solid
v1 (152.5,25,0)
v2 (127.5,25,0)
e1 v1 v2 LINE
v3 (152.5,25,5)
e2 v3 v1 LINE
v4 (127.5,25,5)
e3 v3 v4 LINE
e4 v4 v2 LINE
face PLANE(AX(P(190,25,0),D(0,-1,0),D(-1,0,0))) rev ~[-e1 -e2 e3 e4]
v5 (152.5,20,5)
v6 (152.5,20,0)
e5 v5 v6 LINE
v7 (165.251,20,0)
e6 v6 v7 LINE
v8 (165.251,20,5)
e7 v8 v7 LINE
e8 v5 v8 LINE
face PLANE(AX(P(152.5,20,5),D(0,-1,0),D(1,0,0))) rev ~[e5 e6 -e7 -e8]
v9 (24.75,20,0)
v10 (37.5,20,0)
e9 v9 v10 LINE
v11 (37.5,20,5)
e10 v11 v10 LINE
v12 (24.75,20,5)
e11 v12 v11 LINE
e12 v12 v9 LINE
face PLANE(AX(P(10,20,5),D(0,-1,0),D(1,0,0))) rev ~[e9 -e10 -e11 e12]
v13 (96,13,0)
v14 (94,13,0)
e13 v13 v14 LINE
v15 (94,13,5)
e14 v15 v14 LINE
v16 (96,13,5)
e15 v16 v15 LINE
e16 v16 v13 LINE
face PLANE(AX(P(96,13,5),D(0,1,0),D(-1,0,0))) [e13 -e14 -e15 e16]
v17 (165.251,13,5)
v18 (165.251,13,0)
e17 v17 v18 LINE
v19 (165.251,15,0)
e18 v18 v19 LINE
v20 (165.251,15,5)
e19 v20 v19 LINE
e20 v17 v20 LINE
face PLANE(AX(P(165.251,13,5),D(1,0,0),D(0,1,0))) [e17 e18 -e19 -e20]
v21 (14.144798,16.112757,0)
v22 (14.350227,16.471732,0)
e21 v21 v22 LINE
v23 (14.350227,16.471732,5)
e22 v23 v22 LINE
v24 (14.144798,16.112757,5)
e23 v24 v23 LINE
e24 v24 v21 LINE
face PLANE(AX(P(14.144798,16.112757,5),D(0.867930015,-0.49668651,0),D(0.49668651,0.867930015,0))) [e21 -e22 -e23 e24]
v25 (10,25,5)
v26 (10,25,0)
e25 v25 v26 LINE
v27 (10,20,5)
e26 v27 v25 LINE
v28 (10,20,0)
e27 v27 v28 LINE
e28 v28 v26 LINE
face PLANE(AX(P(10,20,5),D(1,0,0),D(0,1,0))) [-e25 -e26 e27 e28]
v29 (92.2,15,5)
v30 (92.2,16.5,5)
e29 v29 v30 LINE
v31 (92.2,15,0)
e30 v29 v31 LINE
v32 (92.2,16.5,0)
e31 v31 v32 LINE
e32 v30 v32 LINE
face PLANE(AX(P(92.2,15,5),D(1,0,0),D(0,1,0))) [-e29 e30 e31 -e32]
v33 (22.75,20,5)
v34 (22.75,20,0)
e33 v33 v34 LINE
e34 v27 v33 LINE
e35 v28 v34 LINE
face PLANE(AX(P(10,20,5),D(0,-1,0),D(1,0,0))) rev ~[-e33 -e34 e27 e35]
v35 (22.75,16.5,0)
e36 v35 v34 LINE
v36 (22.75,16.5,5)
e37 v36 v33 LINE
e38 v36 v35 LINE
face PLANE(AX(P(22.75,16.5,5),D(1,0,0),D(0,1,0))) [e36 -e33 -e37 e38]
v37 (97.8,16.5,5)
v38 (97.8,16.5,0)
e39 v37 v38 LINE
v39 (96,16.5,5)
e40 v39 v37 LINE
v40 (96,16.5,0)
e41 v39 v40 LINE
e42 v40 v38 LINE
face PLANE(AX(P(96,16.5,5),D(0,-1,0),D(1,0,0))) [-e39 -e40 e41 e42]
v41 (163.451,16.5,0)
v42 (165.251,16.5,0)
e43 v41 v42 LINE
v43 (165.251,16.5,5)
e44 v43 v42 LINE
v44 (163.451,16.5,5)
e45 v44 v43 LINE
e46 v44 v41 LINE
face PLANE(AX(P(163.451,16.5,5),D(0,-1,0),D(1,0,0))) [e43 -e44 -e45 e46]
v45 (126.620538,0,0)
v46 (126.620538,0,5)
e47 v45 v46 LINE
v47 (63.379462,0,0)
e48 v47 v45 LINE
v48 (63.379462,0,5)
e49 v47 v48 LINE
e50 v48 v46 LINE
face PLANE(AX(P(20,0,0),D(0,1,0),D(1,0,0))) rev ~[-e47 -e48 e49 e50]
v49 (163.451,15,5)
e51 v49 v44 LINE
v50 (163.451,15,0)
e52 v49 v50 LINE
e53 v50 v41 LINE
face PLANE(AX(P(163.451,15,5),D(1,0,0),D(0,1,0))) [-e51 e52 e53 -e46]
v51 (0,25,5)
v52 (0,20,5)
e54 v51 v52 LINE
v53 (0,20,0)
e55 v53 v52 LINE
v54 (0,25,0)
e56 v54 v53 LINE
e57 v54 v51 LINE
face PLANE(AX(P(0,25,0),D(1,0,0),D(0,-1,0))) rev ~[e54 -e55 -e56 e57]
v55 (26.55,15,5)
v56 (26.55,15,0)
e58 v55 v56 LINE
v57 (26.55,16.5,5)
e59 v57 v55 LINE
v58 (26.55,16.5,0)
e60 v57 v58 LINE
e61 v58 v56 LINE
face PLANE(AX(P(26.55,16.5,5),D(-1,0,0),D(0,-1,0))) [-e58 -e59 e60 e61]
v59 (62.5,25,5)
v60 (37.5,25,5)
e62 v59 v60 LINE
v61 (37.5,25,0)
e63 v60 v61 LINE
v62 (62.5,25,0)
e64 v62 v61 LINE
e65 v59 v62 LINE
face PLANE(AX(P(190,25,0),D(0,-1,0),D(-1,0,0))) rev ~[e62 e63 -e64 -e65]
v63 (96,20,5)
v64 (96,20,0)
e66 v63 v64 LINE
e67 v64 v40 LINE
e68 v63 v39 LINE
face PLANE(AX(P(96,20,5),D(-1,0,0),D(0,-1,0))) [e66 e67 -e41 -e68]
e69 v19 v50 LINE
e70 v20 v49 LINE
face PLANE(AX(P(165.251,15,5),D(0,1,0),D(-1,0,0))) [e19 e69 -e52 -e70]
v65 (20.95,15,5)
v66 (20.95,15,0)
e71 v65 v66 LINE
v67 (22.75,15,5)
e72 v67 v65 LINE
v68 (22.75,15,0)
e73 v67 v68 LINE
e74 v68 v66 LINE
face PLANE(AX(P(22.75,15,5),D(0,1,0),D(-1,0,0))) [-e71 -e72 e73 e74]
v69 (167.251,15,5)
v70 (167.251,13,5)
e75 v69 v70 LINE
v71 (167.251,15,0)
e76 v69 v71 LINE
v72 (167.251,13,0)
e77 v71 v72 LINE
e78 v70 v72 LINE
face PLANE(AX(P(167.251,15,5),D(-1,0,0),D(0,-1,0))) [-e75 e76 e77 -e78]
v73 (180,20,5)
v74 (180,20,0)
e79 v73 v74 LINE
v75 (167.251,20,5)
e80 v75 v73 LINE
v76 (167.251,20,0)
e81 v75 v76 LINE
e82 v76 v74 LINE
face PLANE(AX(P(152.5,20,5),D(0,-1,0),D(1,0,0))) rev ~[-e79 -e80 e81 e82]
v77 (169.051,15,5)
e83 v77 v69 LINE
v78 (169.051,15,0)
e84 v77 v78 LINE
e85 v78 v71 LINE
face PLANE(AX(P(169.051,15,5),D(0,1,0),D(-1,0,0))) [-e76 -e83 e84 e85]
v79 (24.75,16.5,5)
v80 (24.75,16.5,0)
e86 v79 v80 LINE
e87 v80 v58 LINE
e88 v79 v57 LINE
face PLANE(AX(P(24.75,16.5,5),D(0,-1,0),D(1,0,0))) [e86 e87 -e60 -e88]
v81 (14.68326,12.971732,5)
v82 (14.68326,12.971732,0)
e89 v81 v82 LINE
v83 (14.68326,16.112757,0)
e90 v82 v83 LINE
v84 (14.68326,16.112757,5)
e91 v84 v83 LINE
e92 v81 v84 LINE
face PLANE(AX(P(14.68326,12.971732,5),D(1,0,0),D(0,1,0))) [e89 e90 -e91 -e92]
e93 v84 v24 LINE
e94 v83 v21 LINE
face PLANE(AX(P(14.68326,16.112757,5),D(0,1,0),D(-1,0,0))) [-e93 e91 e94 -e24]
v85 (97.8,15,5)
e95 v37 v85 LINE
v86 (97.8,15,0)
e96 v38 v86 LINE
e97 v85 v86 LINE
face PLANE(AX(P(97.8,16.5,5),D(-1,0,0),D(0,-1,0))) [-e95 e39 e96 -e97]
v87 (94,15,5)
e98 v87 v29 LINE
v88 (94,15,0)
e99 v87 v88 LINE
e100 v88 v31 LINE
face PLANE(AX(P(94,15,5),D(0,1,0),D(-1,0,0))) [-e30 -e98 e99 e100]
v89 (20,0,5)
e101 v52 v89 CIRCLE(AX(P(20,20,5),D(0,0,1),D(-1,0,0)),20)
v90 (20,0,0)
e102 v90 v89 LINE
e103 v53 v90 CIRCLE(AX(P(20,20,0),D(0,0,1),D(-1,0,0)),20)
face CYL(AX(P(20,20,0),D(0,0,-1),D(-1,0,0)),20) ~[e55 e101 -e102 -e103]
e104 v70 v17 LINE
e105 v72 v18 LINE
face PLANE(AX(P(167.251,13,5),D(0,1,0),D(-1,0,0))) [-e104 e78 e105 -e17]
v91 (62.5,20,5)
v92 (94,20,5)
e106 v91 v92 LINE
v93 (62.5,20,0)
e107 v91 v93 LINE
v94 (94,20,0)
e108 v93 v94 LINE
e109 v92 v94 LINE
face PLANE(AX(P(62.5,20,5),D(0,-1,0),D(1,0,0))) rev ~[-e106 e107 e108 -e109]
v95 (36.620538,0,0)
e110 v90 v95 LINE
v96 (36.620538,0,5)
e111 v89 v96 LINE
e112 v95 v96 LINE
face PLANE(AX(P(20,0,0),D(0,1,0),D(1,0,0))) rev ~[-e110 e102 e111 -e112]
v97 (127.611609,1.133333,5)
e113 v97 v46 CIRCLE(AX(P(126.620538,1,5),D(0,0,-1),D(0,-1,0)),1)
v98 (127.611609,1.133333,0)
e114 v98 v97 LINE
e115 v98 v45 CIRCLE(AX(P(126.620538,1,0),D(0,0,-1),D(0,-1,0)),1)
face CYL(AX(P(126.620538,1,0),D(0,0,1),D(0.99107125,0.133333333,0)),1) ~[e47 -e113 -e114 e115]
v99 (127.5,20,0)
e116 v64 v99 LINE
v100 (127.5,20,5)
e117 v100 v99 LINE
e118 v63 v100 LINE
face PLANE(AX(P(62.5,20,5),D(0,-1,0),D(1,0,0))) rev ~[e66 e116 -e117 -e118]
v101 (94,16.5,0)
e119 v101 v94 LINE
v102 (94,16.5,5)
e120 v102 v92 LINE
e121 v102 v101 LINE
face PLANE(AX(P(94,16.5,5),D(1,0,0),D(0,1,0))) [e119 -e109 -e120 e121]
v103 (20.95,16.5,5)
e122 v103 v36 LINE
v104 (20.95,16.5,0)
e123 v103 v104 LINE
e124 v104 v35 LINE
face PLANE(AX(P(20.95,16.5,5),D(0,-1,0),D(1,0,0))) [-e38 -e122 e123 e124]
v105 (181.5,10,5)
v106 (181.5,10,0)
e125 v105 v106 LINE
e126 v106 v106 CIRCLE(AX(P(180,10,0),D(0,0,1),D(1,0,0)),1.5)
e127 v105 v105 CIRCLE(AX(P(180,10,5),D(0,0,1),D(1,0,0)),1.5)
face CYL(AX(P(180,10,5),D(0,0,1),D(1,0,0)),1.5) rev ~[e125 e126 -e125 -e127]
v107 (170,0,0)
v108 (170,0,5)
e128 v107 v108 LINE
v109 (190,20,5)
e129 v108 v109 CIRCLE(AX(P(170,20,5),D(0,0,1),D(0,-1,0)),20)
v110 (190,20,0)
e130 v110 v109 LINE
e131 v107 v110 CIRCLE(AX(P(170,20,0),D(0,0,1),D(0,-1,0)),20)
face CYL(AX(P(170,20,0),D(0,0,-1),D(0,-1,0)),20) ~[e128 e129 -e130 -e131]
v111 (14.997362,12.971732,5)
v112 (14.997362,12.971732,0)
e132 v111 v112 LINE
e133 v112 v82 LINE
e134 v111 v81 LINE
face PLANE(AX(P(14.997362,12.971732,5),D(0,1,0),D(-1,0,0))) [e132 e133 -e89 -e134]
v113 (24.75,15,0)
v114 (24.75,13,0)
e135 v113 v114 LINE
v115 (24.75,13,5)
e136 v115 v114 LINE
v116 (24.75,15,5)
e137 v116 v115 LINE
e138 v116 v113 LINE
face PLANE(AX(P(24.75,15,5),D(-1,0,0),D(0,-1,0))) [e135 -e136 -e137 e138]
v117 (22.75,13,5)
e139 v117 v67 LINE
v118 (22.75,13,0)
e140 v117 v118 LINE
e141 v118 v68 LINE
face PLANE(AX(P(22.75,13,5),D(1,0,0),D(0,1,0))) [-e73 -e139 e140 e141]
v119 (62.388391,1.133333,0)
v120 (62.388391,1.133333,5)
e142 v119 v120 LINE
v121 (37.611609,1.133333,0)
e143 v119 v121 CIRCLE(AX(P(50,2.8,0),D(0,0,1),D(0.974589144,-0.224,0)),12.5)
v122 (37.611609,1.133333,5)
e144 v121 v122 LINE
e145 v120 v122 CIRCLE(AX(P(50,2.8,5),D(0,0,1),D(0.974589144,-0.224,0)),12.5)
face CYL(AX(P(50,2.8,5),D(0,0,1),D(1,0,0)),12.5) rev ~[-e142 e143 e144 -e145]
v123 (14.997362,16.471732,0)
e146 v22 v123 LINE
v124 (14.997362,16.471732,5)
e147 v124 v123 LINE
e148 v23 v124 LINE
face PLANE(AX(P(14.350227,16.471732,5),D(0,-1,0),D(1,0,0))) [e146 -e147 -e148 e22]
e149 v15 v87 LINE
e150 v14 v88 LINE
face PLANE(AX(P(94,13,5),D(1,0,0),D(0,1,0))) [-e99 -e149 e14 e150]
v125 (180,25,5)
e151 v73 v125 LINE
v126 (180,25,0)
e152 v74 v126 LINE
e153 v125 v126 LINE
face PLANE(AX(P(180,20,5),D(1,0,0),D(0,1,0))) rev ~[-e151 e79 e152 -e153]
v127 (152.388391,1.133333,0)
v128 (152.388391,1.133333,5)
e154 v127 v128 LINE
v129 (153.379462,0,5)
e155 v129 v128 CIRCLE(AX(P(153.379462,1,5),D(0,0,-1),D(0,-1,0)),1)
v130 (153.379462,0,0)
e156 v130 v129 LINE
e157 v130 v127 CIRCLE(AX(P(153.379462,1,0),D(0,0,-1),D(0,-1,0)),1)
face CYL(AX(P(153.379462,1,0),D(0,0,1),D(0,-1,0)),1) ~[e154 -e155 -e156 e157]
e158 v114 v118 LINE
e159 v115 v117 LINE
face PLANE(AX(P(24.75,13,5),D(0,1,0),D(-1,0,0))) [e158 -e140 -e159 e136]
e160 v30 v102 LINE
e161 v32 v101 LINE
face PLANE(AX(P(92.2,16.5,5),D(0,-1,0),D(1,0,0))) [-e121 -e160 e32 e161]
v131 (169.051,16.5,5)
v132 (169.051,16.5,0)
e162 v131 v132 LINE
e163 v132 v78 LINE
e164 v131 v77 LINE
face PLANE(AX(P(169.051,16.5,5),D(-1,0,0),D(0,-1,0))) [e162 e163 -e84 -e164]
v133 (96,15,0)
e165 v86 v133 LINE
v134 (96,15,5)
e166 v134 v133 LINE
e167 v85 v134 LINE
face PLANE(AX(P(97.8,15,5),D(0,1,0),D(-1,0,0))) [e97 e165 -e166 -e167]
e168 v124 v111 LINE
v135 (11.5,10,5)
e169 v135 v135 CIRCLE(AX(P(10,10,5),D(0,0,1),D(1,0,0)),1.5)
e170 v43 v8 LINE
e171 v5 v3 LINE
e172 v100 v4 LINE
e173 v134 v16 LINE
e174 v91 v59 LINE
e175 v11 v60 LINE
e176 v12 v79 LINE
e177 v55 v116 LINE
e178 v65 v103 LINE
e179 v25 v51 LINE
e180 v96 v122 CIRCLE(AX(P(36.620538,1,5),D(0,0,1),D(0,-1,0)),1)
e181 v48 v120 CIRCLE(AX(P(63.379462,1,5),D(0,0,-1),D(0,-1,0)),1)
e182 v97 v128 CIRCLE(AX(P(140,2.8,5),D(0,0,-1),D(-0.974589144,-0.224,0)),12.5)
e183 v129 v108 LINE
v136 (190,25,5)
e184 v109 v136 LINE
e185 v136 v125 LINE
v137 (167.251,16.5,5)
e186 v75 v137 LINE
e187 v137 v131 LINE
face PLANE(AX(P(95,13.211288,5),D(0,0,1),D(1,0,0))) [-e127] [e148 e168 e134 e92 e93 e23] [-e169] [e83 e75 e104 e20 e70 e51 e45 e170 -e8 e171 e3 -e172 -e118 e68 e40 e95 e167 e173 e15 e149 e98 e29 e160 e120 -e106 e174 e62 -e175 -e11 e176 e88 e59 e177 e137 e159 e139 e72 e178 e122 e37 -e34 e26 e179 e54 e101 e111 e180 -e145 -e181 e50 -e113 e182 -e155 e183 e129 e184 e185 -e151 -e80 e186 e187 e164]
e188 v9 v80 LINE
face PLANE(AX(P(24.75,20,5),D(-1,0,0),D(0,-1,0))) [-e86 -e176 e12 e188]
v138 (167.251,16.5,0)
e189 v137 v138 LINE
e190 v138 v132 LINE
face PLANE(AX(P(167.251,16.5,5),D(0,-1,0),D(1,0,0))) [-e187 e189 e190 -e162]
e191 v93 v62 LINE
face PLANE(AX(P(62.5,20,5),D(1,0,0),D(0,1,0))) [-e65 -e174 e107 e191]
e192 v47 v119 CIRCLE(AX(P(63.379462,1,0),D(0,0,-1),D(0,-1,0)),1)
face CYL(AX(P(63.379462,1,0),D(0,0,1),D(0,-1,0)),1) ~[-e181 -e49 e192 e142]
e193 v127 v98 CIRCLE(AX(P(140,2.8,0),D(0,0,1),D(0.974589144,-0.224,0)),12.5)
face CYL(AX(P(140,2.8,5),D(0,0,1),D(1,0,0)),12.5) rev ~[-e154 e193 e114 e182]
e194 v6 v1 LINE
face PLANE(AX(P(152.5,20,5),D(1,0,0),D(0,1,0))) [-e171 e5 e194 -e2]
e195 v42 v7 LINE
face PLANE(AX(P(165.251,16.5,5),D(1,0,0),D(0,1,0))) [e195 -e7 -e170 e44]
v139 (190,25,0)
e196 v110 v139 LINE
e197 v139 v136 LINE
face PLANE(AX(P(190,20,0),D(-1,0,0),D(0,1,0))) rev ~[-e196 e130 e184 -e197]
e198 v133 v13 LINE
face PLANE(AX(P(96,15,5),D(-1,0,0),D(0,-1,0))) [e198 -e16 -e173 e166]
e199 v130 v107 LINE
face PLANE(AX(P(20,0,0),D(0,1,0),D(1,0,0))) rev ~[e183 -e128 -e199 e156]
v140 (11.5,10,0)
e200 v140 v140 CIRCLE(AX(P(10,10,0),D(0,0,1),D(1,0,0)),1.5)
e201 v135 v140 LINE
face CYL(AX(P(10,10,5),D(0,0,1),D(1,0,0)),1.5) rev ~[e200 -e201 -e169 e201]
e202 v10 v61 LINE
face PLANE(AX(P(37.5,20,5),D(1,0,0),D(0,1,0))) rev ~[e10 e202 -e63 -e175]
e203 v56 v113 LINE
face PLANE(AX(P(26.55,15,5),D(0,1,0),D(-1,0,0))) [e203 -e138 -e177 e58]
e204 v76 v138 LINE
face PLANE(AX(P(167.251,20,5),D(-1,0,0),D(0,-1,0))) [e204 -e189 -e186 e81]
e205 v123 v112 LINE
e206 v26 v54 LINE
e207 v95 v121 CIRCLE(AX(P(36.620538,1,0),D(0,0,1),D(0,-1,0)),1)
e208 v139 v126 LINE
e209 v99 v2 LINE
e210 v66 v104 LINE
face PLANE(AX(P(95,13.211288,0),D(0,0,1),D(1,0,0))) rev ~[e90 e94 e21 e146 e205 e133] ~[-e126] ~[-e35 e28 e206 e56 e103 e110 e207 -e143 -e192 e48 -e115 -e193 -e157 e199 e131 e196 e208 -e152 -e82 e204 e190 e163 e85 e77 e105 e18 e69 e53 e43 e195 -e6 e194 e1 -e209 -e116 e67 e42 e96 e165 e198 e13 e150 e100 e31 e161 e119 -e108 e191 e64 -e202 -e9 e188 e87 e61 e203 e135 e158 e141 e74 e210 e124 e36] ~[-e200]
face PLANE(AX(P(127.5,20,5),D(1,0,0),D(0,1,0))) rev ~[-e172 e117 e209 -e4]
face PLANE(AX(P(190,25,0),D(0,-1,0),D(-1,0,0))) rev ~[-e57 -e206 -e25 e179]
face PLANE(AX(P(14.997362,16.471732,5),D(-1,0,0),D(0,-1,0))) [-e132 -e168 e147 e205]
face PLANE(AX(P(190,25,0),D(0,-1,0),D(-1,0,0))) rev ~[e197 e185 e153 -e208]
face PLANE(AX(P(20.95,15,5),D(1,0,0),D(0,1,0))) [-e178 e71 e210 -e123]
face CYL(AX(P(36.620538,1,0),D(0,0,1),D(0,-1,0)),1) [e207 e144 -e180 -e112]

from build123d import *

# Parameters (mm, degrees)
RESSALTO_EXTRUS_O1_DEPTH = 5
ESBO_O2_R                = 12.5
CORTE_EXTRUS_O1_DEPTH    = 10
FILETE2_R                = 1
ESBO_O3_W                = 27.5
ESBO_O3_H                = 5
ESBO_O3_W_2              = 65
CORTE_EXTRUS_O3_DEPTH    = 6
CORTE_EXTRUS_O4_DEPTH    = 6
ESBO_O6_R                = 1.5
CORTE_EXTRUS_O5_DEPTH    = 6


with BuildPart() as part:
    # Esboço1 → Ressalto-extrusão1 (new body)
    with BuildSketch(Plane.XY):
        with BuildLine():
            Line((20, 0), (170, 0))
            ThreePointArc((170, 0), (184.142135624, 5.857864376), (190, 20))
            Line((190, 20), (190, 25))
            Line((190, 25), (0, 25))
            Line((0, 25), (0, 20))
            ThreePointArc((0, 20), (5.857864376, 5.857864376), (20, 0))
        make_face()
    extrude(amount=RESSALTO_EXTRUS_O1_DEPTH)

    # Esboço2 → Corte-extrusão1 (cut)
    with BuildSketch(Plane.XY.offset(5)):
        with Locations((140, 2.8)):
            Circle(ESBO_O2_R)
        with Locations((50, 2.8)):
            Circle(ESBO_O2_R)
    extrude(amount=-CORTE_EXTRUS_O1_DEPTH, mode=Mode.SUBTRACT)

    # Filete2
    filete2_edges = [part.edges().sort_by_distance(p)[0] for p in [
        (127.817635697, 0, 2.5),
        (152.182364303, 0, 2.5),
        (37.817635697, 0, 2.5),
        (62.182364303, 0, 2.5),
    ]]
    fillet(filete2_edges, radius=FILETE2_R)

    # Esboço3 → Corte-extrusão3 (cut, through all)
    with BuildSketch(Plane.XY.offset(5)):
        with Locations((23.75, 22.5)):
            Rectangle(ESBO_O3_W, ESBO_O3_H)
        with Locations((95, 22.5)):
            Rectangle(ESBO_O3_W_2, ESBO_O3_H)
        with Locations((166.25, 22.5)):
            Rectangle(ESBO_O3_W, ESBO_O3_H)
    extrude(amount=-CORTE_EXTRUS_O3_DEPTH, mode=Mode.SUBTRACT)

    # Esboço5 → Corte-extrusão4 (cut, through all)
    with BuildSketch(Plane.XY.offset(5)):
        Polygon((22.75, 13), (22.75, 15), (20.95, 15), (20.95, 16.5), (22.75, 16.5), (22.75, 20), (24.75, 20), (24.75, 16.5), (26.55, 16.5), (26.55, 15), (24.75, 15), (24.75, 13), align=None)
        Polygon((94, 13), (94, 15), (92.2, 15), (92.2, 16.5), (94, 16.5), (94, 20), (96, 20), (96, 16.5), (97.8, 16.5), (97.8, 15), (96, 15), (96, 13), align=None)
        Polygon((165.2510001, 13), (165.2510001, 15), (163.4510001, 15), (163.4510001, 16.5), (165.2510001, 16.5), (165.2510001, 20), (167.2510001, 20), (167.2510001, 16.5), (169.0510001, 16.5), (169.0510001, 15), (167.2510001, 15), (167.2510001, 13), align=None)
    extrude(amount=-CORTE_EXTRUS_O4_DEPTH, mode=Mode.SUBTRACT)

    # Esboço6 → Corte-extrusão5 (cut, through all)
    with BuildSketch(Plane.XY.offset(5)):
        with Locations((180, 10)):
            Circle(ESBO_O6_R)
        with Locations((10, 10)):
            Circle(ESBO_O6_R)
        Polygon((14.350226907, 16.471731735), (14.997362324, 16.471731735), (14.997362324, 12.971731735), (14.68325976, 12.971731735), (14.68325976, 16.112757376), (14.144798222, 16.112757376), align=None)
    extrude(amount=-CORTE_EXTRUS_O5_DEPTH, mode=Mode.SUBTRACT)


solid = part.part
